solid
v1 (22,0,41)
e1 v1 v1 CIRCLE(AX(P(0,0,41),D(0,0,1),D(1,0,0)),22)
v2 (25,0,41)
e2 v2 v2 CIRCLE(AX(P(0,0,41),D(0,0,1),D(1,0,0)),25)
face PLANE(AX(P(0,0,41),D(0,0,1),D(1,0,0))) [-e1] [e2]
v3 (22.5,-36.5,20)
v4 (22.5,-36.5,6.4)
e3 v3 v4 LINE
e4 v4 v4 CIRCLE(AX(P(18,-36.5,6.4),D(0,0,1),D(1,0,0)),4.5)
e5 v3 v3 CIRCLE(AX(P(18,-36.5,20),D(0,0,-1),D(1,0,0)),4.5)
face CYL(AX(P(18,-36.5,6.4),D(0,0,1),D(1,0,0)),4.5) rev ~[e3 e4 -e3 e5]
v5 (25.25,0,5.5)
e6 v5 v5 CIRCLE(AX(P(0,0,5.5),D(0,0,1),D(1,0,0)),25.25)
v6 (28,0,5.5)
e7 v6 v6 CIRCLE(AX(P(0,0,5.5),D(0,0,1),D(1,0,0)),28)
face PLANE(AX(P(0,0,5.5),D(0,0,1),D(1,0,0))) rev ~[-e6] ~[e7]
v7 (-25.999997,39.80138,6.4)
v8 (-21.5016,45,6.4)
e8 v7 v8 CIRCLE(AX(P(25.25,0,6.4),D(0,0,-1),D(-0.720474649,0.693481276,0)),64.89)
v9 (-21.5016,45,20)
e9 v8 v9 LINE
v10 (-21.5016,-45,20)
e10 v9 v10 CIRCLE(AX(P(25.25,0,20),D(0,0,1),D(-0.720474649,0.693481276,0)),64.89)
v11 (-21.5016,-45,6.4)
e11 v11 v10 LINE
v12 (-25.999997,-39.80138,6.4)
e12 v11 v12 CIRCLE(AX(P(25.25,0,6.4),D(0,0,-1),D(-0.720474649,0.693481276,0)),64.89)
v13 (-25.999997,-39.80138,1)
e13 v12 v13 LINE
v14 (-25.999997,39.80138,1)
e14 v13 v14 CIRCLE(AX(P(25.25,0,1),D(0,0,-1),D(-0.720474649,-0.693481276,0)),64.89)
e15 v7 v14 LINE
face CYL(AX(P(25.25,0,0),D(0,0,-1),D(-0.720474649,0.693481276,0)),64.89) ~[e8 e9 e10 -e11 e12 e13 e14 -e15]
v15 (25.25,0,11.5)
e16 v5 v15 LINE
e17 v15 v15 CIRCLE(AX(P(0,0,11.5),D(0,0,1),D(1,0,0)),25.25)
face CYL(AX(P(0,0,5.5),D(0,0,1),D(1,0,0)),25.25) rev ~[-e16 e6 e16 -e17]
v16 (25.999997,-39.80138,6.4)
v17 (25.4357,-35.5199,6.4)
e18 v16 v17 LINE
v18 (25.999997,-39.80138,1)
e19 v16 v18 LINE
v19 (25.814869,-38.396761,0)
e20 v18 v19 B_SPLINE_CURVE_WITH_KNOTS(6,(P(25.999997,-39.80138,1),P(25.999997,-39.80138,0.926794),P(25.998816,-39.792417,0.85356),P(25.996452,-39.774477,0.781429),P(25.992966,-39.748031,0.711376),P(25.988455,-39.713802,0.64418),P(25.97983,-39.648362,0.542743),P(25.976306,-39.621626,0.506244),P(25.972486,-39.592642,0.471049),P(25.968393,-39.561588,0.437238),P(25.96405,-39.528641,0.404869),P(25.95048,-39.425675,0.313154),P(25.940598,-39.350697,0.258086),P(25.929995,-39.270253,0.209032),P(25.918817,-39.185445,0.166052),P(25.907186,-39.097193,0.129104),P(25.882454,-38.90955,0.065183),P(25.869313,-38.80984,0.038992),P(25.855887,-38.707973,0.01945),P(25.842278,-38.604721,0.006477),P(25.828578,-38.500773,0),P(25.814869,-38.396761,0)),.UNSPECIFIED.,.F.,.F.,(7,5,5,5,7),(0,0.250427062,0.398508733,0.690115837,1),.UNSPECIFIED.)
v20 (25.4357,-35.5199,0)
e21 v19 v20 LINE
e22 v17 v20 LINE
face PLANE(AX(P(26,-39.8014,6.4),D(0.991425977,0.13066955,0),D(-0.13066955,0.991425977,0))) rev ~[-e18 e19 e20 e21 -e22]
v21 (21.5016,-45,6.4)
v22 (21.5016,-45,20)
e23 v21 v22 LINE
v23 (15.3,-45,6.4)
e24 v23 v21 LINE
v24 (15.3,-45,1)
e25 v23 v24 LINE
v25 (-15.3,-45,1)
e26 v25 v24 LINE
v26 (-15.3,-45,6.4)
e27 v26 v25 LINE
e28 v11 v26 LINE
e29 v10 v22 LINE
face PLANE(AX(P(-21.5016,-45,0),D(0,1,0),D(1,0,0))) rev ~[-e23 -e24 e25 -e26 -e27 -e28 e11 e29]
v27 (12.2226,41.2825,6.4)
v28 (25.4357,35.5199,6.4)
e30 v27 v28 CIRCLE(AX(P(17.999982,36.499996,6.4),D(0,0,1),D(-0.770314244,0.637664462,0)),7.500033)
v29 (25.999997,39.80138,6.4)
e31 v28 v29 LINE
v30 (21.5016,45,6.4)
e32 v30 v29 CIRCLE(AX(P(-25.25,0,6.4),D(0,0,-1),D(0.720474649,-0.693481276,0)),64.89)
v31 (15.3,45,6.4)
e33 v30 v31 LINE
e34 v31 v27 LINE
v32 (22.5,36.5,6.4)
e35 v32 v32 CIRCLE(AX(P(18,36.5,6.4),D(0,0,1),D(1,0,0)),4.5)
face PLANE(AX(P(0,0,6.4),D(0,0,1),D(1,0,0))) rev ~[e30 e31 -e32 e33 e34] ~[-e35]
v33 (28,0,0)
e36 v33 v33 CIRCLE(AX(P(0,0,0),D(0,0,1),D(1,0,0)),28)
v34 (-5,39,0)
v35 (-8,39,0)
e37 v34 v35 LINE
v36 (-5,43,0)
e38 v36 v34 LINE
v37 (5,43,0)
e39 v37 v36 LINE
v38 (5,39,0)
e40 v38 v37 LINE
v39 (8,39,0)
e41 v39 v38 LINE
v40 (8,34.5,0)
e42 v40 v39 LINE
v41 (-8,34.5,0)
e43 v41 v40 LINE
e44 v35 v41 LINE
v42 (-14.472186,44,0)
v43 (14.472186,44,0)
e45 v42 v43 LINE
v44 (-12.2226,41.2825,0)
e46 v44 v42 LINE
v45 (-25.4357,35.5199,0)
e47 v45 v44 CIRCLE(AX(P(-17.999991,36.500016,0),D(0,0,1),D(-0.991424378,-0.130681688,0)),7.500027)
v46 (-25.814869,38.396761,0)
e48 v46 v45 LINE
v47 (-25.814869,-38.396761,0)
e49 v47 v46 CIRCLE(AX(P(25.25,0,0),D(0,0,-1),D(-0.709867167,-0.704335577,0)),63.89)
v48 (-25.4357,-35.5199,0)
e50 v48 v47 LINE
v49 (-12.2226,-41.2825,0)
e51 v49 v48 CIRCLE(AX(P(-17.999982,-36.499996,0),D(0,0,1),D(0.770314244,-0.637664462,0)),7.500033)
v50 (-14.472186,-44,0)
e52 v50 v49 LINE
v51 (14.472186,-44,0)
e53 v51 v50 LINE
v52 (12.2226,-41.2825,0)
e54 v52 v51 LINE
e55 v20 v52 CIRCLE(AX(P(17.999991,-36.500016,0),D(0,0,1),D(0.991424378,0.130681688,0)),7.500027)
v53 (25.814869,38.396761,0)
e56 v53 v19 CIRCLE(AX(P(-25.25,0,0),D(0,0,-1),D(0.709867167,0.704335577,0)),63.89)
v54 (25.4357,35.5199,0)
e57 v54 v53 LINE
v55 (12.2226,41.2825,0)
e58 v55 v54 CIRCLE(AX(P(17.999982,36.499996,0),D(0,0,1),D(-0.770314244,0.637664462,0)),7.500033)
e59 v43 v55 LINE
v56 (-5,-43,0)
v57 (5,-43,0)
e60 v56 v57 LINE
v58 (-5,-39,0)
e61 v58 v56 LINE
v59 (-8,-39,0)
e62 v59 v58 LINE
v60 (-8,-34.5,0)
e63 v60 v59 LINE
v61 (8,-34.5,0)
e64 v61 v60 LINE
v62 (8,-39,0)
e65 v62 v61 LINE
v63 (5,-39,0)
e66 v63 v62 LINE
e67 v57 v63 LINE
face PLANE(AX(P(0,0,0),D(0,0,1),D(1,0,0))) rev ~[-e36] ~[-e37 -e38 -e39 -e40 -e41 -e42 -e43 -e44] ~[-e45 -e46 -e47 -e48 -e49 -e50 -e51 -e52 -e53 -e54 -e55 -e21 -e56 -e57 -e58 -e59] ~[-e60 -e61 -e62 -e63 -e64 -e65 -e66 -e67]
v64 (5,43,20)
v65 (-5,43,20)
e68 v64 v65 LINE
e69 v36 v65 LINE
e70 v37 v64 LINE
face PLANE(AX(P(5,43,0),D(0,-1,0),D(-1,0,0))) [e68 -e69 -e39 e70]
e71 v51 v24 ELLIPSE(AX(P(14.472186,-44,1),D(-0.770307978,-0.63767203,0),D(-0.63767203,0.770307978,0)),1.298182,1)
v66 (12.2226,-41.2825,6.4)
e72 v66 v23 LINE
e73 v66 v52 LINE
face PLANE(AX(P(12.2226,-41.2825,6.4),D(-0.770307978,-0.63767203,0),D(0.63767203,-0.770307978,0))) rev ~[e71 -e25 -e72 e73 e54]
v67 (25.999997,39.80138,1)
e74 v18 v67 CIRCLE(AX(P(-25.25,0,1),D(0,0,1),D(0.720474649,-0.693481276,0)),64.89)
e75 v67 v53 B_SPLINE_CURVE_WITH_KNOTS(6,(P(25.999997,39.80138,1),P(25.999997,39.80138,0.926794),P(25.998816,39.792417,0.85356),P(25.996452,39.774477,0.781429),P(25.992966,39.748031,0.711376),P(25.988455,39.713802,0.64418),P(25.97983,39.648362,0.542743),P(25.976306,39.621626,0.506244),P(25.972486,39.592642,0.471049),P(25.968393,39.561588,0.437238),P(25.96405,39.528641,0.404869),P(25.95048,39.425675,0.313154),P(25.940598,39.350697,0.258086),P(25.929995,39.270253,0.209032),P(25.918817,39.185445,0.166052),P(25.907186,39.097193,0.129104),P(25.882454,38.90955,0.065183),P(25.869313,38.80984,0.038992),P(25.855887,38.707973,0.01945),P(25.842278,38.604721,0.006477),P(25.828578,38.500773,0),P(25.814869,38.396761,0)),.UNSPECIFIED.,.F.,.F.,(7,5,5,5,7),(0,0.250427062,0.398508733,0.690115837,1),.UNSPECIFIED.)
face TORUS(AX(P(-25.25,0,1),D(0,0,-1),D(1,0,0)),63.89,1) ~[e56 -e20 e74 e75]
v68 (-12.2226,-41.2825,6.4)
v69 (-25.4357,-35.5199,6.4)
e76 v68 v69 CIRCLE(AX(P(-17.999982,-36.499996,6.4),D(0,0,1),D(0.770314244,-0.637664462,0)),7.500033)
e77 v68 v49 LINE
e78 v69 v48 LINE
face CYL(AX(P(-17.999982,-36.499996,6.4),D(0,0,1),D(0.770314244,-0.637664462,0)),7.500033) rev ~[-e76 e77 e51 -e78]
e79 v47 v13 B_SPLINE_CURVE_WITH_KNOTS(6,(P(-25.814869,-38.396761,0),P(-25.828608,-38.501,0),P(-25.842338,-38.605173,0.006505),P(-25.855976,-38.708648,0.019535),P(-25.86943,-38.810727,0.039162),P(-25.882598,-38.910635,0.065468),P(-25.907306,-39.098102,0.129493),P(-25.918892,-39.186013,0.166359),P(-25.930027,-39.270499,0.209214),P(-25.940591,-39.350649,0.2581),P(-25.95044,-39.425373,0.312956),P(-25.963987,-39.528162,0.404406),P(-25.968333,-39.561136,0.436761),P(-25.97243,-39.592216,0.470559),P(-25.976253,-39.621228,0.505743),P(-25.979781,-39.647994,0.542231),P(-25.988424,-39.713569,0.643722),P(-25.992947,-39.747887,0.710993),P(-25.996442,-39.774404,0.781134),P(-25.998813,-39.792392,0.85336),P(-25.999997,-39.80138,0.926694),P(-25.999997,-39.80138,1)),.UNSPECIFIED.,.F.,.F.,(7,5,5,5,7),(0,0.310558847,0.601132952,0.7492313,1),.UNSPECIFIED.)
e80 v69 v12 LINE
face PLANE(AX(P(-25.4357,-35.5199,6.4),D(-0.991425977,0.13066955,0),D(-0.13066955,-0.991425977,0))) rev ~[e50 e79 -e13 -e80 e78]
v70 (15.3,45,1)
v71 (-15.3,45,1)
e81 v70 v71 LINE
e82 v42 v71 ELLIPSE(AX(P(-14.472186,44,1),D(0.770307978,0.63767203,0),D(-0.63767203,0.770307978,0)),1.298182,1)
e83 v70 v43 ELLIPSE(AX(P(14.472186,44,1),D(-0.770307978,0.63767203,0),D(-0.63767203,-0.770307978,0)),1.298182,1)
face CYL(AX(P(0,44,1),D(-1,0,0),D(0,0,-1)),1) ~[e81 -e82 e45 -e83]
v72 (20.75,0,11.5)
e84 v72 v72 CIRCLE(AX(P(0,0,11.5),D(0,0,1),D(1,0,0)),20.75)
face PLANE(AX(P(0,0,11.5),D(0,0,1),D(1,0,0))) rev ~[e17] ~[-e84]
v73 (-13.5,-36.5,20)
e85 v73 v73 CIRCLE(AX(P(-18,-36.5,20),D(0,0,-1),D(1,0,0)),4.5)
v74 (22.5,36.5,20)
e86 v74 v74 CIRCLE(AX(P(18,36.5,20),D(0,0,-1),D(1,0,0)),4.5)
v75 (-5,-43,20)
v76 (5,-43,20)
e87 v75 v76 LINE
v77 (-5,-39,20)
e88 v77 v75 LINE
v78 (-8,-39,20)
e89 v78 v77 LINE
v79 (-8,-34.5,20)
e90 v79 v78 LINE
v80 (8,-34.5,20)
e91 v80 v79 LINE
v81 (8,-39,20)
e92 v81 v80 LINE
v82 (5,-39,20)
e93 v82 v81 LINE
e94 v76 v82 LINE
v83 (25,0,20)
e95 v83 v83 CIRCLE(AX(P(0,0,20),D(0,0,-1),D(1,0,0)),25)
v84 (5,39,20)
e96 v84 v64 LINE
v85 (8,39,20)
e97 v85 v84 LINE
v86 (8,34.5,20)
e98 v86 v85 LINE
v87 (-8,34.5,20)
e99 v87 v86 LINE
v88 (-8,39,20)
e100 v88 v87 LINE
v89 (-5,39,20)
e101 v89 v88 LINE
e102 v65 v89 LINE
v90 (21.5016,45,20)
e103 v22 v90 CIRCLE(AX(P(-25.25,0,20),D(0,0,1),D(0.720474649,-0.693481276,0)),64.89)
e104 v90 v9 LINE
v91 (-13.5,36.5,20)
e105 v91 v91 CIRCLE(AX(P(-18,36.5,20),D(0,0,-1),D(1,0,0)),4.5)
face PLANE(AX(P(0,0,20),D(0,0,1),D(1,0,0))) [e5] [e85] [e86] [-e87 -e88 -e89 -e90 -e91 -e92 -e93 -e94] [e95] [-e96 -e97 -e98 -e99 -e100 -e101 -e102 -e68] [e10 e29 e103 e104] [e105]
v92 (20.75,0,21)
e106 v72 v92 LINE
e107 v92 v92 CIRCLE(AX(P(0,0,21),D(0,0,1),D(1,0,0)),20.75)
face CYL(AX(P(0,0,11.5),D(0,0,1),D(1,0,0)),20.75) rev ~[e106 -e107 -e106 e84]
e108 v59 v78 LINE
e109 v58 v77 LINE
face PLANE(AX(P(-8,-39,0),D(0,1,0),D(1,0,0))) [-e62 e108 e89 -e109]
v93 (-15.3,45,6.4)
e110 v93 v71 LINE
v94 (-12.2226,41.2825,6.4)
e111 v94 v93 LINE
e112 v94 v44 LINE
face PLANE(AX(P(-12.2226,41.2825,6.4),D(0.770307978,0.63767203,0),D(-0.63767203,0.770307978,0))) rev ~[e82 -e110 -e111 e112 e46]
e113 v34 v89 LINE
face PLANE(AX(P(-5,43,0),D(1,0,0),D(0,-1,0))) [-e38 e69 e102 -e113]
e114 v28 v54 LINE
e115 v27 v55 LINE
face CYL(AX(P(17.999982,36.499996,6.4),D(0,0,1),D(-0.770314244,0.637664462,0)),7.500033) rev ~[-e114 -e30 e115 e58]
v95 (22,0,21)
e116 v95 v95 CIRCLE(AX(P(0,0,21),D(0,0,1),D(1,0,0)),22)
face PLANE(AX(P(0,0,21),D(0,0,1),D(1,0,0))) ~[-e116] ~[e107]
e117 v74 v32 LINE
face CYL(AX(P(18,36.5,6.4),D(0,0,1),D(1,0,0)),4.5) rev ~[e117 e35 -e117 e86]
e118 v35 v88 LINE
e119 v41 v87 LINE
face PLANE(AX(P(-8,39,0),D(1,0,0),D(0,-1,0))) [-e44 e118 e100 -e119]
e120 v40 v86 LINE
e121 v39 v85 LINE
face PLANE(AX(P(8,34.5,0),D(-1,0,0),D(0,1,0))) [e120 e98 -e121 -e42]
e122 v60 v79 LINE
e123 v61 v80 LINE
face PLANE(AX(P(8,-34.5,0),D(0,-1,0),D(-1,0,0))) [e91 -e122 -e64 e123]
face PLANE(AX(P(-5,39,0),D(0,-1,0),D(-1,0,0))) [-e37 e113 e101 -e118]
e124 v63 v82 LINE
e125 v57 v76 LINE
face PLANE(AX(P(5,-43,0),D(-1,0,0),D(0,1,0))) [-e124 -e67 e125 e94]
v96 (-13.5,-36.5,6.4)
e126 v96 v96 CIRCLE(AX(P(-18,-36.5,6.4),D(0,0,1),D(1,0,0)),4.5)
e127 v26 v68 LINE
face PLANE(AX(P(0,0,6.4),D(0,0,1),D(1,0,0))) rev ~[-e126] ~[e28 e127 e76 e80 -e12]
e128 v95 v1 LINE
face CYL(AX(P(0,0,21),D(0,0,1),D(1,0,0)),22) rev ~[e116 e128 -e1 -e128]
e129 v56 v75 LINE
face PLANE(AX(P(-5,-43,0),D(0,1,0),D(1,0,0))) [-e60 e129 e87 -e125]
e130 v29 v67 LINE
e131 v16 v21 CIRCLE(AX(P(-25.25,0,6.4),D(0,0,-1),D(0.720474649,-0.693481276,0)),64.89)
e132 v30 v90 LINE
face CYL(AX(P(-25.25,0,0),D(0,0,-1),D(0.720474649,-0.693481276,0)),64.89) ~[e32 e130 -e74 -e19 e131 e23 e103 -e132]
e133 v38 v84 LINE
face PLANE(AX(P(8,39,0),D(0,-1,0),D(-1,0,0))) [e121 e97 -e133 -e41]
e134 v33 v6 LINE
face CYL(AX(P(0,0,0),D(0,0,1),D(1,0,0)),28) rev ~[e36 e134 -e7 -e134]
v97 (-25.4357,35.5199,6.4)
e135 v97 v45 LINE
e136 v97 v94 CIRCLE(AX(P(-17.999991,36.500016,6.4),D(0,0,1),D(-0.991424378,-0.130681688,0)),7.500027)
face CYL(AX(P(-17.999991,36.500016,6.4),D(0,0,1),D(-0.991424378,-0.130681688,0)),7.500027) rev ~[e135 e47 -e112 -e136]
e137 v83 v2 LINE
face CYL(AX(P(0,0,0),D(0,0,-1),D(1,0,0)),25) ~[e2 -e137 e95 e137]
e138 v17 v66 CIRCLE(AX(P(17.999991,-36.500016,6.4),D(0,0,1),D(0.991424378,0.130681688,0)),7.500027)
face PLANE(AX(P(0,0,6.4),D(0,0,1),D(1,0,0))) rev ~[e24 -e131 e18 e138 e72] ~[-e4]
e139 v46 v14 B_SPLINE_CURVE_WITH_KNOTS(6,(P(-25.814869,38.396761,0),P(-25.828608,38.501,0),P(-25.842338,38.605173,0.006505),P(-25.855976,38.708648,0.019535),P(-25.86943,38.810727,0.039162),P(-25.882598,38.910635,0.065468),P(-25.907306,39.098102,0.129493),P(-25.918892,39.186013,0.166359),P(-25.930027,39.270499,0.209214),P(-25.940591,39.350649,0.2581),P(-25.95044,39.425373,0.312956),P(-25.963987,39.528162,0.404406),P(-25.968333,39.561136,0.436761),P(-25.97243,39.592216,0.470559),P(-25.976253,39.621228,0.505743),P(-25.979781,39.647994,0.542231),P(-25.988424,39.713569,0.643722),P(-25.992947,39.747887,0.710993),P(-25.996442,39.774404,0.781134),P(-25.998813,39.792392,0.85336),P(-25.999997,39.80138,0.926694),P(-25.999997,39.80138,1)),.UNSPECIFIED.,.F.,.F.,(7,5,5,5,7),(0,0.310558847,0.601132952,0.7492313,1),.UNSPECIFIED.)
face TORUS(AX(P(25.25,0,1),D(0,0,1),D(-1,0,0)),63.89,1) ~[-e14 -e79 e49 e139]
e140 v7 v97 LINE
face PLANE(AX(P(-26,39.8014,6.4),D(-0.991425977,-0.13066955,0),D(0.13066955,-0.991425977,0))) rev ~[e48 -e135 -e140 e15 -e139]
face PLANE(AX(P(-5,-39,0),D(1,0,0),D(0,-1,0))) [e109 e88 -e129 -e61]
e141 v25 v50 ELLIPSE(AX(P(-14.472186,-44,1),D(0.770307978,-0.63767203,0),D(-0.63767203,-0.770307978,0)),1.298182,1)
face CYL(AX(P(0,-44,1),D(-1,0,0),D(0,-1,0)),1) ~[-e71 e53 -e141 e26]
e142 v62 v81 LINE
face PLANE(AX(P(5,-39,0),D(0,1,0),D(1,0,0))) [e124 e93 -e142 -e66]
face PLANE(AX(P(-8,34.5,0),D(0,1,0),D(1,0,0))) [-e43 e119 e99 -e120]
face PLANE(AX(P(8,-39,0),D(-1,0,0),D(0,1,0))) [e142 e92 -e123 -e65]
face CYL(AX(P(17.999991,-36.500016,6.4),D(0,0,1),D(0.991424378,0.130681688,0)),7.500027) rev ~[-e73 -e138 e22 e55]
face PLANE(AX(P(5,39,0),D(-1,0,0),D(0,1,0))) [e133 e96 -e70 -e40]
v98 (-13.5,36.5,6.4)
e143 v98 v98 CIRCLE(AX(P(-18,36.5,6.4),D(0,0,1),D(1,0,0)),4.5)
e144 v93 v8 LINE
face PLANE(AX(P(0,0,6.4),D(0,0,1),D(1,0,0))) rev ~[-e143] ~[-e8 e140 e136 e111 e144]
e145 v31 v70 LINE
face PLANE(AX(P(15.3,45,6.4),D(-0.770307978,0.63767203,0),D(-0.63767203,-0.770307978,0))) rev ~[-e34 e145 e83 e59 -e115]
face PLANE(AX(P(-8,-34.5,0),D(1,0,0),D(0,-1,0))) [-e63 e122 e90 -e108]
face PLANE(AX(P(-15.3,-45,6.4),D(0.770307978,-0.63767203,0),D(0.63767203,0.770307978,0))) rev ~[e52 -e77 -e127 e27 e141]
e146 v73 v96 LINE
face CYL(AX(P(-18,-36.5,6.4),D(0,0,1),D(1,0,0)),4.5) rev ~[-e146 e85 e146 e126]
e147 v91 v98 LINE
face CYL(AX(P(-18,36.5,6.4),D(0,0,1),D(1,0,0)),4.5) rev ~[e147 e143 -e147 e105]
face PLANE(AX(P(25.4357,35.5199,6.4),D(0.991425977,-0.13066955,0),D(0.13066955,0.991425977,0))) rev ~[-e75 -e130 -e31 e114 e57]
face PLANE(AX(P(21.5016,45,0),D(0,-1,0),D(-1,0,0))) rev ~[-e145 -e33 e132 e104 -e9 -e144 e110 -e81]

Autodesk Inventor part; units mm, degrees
sketch "Skizze_1" plane through (0, 0, 0) normal (0, 0, 1) x (1, 0, 0)
  arc A0 (-21.5016, 45) -> (-21.5016, -45) centre (25.25, 0) ccw
  line L0 (-21.5016, -45) -> (21.5016, -45)
  arc A1 (21.5016, -45) -> (21.5016, 45) centre (-25.25, 0) ccw
  line L1 (21.5016, 45) -> (-21.5016, 45)
extrude "Extrusion1" add sketch "Skizze_1" along normal blind 20
sketch "Skizze_2" plane through (0, 0, 0) normal (0, 1, 0) x (-1, 0, 0)
  line L0 (-25.25, -50) -> (-25.25, 50)
  line L1 (40.14, -0.5) -> (40.14, 1)
  line L2 (40.14, 1) -> (39.64, 1)
  arc A0 (38.64, 0) -> (39.64, 1) centre (38.64, 1) ccw
  line L3 (38.64, 0) -> (38.64, -0.5)
  line L4 (38.64, -0.5) -> (40.14, -0.5)
revolve "Revolution1" cut sketch "Skizze_2" angle 360 about axis through (25.25, 0, -50) along (0, 0, -1)
sketch "Skizze_3" plane through (0, 0, 0) normal (0, 1, 0) x (-1, 0, 0)
  line L0 (25.25, 50) -> (25.25, -50)
  arc A0 (-39.64, 1) -> (-38.64, 0) centre (-38.64, 1) ccw
  line L1 (-39.64, 1) -> (-40.14, 1)
  line L2 (-40.14, 1) -> (-40.14, -0.5)
  line L3 (-40.14, -0.5) -> (-38.64, -0.5)
  line L4 (-38.64, -0.5) -> (-38.64, 0)
revolve "Revolution2" cut sketch "Skizze_3" angle 360 about axis through (-25.25, 0, 50) along (0, 0, 1)
sketch "Skizze_4" plane through (0, 0, 0) normal (1, 0, 0) x (0, 1, 0)
  arc A0 (44, 0) -> (45, 1) centre (44, 1) ccw
  line L0 (44, 0) -> (45, 0)
  line L1 (45, 0) -> (45, 1)
extrude "Extrusion2" cut sketch "Skizze_4" along normal mid plane 90
sketch "Skizze_5" plane through (0, 0, 0) normal (1, 0, 0) x (0, 1, 0)
  line L0 (-45, 1) -> (-45, 0)
  line L1 (-45, 0) -> (-44, 0)
  arc A0 (-45, 1) -> (-44, 0) centre (-44, 1) ccw
extrude "Extrusion3" cut sketch "Skizze_5" along normal mid plane 90
sketch "Skizze_6" plane through (0, 0, 0) normal (0, 0, 1) x (1, 0, 0)
  circle A0 centre (0, 0) radius 25
extrude "Extrusion4" add sketch "Skizze_6" along normal blind 41
sketch "Skizze_7" plane through (0, 0, 0) normal (0, 1, 0) x (-1, 0, 0)
  line L0 (0, 41) -> (0, 0)
  line L1 (0, 0) -> (-28, 0)
  line L2 (-28, 0) -> (-28, 5.5)
  line L3 (-28, 5.5) -> (-25.25, 5.5)
  line L4 (-25.25, 5.5) -> (-25.25, 11.5)
  line L5 (-25.25, 11.5) -> (-20.75, 11.5)
  line L6 (-20.75, 11.5) -> (-20.75, 21)
  line L7 (-20.75, 21) -> (-22, 21)
  line L8 (-22, 21) -> (-22, 41)
  line L9 (-22, 41) -> (0, 41)
  line L10 (0, 41) -> (0, 0)
revolve "Revolution3" cut sketch "Skizze_7" angle 360 about axis through (0, 0, 41) along (0, 0, 1)
sketch "Skizze_8" plane through (0, 0, 0) normal (0, 0, 1) x (1, 0, 0)
  line L0 (-8, 39) -> (-8, 34.5)
  line L1 (-8, 34.5) -> (8, 34.5)
  line L2 (8, 34.5) -> (8, 39)
  line L3 (8, 39) -> (5, 39)
  line L4 (5, 39) -> (5, 43)
  line L5 (5, 43) -> (-5, 43)
  line L6 (-5, 43) -> (-5, 39)
  line L7 (-5, 39) -> (-8, 39)
extrude "Extrusion5" cut sketch "Skizze_8" along normal blind 20
sketch "Skizze_9" plane through (0, 0, 0) normal (0, 0, 1) x (1, 0, 0)
  line L0 (-8, -34.5) -> (-8, -39)
  line L1 (-8, -39) -> (-5, -39)
  line L2 (-5, -39) -> (-5, -43)
  line L3 (-5, -43) -> (5, -43)
  line L4 (5, -43) -> (5, -39)
  line L5 (5, -39) -> (8, -39)
  line L6 (8, -39) -> (8, -34.5)
  line L7 (8, -34.5) -> (-8, -34.5)
extrude "Extrusion6" cut sketch "Skizze_9" along normal blind 20
sketch "Skizze_10" plane through (0, 0, 6.4) normal (0, 0, 1) x (1, 0, 0)
  circle A0 centre (18, 36.5) radius 4.5
extrude "Extrusion7" cut sketch "Skizze_10" along normal mid plane 40
pattern_linear "Rectangular Pattern1" count 2 spacing 36 along (-1, 0, 0) count 2 spacing 73 along (0, -1, 0) of "Extrusion7"
sketch "Skizze_12" plane through (0, 0, 6.4) normal (0, 0, 1) x (1, 0, 0)
  arc A0 (12.2226, 41.2825) -> (25.4357, 35.5199) centre (18, 36.5) ccw
  line L0 (25.4357, 35.5199) -> (26, 39.8014)
  arc A1 (26, 39.8014) -> (21.5016, 45) centre (-25.25, 0) ccw
  line L1 (21.5016, 45) -> (15.3, 45)
  line L2 (15.3, 45) -> (12.2226, 41.2825)
extrude "Extrusion8" cut sketch "Skizze_12" against normal blind 6.4
sketch "Skizze_13" plane through (0, 0, 6.4) normal (0, 0, 1) x (1, 0, 0)
  line L0 (-26, 39.8014) -> (-25.4357, 35.5199)
  arc A0 (-25.4357, 35.5199) -> (-12.2226, 41.2825) centre (-18, 36.5) ccw
  line L1 (-12.2226, 41.2825) -> (-15.3, 45)
  line L2 (-15.3, 45) -> (-21.5016, 45)
  arc A1 (-21.5016, 45) -> (-26, 39.8014) centre (25.25, 0) ccw
extrude "Extrusion9" cut sketch "Skizze_13" against normal blind 6.4
sketch "Skizze_14" plane through (0, 0, 6.4) normal (0, 0, 1) x (1, 0, 0)
  arc A0 (25.4357, -35.5199) -> (12.2226, -41.2825) centre (18, -36.5) ccw
  line L0 (12.2226, -41.2825) -> (15.3, -45)
  line L1 (15.3, -45) -> (21.5016, -45)
  arc A1 (21.5016, -45) -> (26, -39.8014) centre (-25.25, 0) ccw
  line L2 (26, -39.8014) -> (25.4357, -35.5199)
extrude "Extrusion10" cut sketch "Skizze_14" against normal blind 6.4
sketch "Skizze_15" plane through (0, 0, 6.4) normal (0, 0, 1) x (1, 0, 0)
  arc A0 (-26, -39.8014) -> (-21.5016, -45) centre (25.25, 0) ccw
  line L0 (-21.5016, -45) -> (-15.3, -45)
  line L1 (-15.3, -45) -> (-12.2226, -41.2825)
  arc A1 (-12.2226, -41.2825) -> (-25.4357, -35.5199) centre (-18, -36.5) ccw
  line L2 (-25.4357, -35.5199) -> (-26, -39.8014)
extrude "Extrusion11" cut sketch "Skizze_15" against normal blind 6.4
ref_plane "EPANDOPPRO_XY" through (0, 0, 20) normal (0, 0, 1) x (1, 0, 0)
ref_plane "EPANDOPPRO_YZ" through (0, 0, 20) normal (1, 0, 0) x (0, 1, 0)
ref_plane "EPANDOPPRO_ZX" through (0, 0, 20) normal (0, 1, 0) x (0, 0, 1)
ref_plane "EPDICHTR_XY" through (0, 0, 5.5) normal (0, 0, 1) x (1, 0, 0)
ref_plane "EPDICHTR_YZ" through (0, 0, 5.5) normal (1, 0, 0) x (0, 1, 0)
ref_plane "EPDICHTR_ZX" through (0, 0, 5.5) normal (0, 1, 0) x (0, 0, 1)
ref_plane "EPZYL_XY" through (18, 36.5, 6.4) normal (0, 0, 1) x (1, 0, 0)
ref_plane "EPZYL_YZ" through (18, 36.5, 6.4) normal (1, 0, 0) x (0, 1, 0)
ref_plane "EPZYL_ZX" through (18, 36.5, 6.4) normal (0, 1, 0) x (0, 0, 1)
ref_plane "EPZYL2_XY" through (-18, 36.5, 6.4) normal (0, 0, 1) x (1, 0, 0)
ref_plane "EPZYL2_YZ" through (-18, 36.5, 6.4) normal (1, 0, 0) x (0, 1, 0)
ref_plane "EPZYL2_ZX" through (-18, 36.5, 6.4) normal (0, 1, 0) x (0, 0, 1)
ref_plane "EPZYL3_XY" through (-18, -36.5, 6.4) normal (0, 0, 1) x (1, 0, 0)
ref_plane "EPZYL3_YZ" through (-18, -36.5, 6.4) normal (1, 0, 0) x (0, 1, 0)
ref_plane "EPZYL3_ZX" through (-18, -36.5, 6.4) normal (0, 1, 0) x (0, 0, 1)
ref_plane "EPZYL4_XY" through (18, -36.5, 6.4) normal (0, 0, 1) x (1, 0, 0)
ref_plane "EPZYL4_YZ" through (18, -36.5, 6.4) normal (1, 0, 0) x (0, 1, 0)
ref_plane "EPZYL4_ZX" through (18, -36.5, 6.4) normal (0, 1, 0) x (0, 0, 1)
properties part number "Abdeckkappe_LZ80"
